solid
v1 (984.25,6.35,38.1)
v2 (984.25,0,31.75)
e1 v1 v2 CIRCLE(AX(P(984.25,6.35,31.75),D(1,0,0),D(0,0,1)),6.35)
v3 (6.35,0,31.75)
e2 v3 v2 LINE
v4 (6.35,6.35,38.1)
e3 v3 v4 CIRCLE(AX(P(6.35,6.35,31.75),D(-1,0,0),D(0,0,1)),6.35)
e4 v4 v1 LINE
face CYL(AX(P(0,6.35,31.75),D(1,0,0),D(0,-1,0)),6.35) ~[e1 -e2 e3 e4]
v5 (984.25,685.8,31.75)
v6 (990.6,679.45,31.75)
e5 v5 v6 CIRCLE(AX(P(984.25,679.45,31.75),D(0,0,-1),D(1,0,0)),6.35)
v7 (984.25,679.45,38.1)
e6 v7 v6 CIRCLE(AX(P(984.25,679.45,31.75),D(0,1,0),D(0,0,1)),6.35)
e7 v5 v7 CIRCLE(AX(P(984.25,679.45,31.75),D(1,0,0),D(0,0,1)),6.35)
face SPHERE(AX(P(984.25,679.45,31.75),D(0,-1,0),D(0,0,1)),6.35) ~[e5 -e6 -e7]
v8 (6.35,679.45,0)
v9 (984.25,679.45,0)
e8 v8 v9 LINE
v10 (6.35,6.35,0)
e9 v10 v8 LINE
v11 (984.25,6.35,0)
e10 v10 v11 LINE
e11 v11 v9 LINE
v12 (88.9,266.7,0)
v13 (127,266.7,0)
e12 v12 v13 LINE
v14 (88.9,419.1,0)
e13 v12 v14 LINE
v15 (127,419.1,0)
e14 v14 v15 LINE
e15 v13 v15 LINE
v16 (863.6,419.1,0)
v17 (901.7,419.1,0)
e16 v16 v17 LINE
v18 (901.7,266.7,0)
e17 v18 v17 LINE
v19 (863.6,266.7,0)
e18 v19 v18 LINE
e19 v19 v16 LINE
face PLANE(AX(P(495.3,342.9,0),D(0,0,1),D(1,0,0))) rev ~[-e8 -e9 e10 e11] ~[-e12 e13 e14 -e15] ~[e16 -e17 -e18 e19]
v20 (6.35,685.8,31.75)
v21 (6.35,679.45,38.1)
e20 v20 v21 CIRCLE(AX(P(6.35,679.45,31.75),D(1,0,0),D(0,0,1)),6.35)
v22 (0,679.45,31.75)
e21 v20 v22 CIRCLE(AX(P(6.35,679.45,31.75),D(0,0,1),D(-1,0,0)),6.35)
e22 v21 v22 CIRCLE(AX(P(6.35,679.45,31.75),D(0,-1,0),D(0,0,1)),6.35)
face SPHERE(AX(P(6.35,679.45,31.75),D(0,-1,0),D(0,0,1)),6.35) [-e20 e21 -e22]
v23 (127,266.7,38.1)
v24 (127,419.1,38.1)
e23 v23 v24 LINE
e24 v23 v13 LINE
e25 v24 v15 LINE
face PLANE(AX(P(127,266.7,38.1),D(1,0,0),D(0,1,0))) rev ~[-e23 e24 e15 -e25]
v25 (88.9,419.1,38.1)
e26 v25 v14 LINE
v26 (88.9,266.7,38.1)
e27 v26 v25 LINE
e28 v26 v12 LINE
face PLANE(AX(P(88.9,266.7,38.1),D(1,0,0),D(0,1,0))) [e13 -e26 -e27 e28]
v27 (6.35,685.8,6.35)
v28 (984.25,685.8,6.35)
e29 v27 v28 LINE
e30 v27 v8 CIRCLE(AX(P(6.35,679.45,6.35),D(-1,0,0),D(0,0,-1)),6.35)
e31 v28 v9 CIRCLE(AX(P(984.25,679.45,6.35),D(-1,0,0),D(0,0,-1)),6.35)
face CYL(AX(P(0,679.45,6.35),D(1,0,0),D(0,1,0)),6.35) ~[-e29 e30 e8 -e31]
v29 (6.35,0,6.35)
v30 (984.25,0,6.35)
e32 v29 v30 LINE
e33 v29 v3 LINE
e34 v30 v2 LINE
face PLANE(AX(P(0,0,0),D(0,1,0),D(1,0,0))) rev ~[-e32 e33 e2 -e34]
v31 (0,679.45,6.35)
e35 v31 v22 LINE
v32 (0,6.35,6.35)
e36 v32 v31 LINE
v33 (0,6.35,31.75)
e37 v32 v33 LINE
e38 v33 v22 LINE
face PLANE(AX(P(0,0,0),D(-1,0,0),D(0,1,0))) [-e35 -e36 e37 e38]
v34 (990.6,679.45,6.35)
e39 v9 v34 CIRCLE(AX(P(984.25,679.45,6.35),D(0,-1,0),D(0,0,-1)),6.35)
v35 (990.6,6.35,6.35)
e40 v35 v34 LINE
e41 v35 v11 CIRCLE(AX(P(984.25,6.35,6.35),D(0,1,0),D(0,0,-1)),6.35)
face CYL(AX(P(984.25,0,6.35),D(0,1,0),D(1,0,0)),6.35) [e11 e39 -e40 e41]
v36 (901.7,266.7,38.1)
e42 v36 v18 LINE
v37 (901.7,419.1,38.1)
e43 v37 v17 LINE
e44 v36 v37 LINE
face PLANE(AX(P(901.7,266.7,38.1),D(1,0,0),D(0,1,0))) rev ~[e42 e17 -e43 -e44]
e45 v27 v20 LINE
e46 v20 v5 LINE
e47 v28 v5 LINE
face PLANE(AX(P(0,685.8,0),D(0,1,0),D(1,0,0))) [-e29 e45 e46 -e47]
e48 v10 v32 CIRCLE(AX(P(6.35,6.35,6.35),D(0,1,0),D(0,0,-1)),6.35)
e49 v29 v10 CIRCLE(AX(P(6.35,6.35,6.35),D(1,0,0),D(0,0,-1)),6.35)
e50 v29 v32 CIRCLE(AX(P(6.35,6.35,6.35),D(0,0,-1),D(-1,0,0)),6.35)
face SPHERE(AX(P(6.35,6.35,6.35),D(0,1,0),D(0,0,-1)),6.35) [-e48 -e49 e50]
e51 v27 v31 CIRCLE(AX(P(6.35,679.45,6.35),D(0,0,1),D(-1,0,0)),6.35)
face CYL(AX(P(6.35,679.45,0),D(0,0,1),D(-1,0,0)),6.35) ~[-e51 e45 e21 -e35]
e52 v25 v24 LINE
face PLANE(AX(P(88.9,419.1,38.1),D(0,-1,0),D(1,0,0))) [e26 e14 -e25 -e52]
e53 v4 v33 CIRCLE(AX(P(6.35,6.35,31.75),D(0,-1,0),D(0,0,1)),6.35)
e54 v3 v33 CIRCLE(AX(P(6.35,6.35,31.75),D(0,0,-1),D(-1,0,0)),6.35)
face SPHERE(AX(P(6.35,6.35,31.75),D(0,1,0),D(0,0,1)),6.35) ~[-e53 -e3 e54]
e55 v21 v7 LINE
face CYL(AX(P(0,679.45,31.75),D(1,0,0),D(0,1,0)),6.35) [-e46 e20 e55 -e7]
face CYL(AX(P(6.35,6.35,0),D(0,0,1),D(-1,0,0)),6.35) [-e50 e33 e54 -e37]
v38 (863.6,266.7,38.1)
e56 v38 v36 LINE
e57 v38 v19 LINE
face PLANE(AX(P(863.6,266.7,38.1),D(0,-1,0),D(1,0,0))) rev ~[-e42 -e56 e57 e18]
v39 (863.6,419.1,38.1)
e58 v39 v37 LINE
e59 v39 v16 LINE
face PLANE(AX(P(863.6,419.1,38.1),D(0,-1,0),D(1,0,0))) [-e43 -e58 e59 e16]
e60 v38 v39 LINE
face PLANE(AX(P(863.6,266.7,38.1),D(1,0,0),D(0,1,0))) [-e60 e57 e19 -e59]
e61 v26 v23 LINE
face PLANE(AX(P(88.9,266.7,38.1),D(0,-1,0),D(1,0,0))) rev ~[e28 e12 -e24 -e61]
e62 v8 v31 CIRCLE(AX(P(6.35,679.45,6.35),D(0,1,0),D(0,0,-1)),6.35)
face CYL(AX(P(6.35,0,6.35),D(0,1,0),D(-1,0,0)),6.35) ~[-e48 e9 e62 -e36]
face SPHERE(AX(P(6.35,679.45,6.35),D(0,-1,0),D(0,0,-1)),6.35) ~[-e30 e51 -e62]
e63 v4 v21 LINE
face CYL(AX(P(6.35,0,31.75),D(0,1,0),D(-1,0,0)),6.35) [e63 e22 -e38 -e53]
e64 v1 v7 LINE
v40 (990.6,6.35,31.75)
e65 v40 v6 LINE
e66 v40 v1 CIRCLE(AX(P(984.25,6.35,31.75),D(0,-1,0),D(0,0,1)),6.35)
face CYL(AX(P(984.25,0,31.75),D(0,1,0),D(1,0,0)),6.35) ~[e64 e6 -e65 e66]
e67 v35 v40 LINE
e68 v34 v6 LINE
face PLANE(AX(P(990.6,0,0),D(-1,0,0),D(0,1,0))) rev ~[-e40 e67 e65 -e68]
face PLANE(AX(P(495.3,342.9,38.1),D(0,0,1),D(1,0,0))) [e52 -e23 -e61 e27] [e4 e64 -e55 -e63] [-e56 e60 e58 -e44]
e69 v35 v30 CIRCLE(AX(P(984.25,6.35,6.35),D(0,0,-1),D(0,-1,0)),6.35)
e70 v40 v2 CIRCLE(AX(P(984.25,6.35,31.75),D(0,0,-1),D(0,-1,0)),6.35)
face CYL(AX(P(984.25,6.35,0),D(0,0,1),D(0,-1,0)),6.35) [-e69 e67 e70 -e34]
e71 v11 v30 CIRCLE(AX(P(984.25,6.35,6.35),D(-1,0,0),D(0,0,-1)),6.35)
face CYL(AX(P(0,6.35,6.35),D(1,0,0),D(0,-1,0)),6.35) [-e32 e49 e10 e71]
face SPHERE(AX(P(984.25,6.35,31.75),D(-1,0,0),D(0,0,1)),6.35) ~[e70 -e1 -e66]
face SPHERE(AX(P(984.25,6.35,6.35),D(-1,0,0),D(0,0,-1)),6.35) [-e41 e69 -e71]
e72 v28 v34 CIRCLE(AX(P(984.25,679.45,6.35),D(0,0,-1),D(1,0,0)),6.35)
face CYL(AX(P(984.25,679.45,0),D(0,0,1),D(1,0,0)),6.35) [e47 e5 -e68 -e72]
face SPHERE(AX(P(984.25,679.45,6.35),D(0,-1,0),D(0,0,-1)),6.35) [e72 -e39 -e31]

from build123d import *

# Parameters (mm, degrees)
F0_W     = 990.6
F0_H     = 685.8
F1_DEPTH = 38.1
F2_R     = 6.35
F3_W     = 38.1
F3_H     = 152.4
F4_DEPTH = 38.1


with BuildPart() as f1:
    # F0 (on Top) → F1 (new body)
    with BuildSketch(Plane.XY):
        with Locations((495.3, 342.9)):
            Rectangle(F0_W, F0_H)
    extrude(amount=F1_DEPTH)

    # F2
    f2_edges = [f1.edges().sort_by_distance(p)[0] for p in [
        (0, 342.9, 38.1),
        (495.3, 0, 38.1),
        (990.6, 342.9, 38.1),
        (495.3, 685.8, 38.1),
        (0, 342.9, 0),
        (495.3, 0, 0),
        (990.6, 342.9, 0),
        (495.3, 685.8, 0),
        (0, 0, 19.05),
        (990.6, 0, 19.05),
        (990.6, 685.8, 19.05),
        (0, 685.8, 19.05),
    ]]
    fillet(f2_edges, radius=F2_R)

    # F3 (on face) → F4 (cut, through all)
    with BuildSketch(Plane.XY.offset(38.1)):
        with Locations((107.95, 342.9)):
            Rectangle(F3_W, F3_H)
        with Locations((882.65, 342.9)):
            Rectangle(F3_W, F3_H)
    extrude(amount=-F4_DEPTH, mode=Mode.SUBTRACT)


solid = f1.part
